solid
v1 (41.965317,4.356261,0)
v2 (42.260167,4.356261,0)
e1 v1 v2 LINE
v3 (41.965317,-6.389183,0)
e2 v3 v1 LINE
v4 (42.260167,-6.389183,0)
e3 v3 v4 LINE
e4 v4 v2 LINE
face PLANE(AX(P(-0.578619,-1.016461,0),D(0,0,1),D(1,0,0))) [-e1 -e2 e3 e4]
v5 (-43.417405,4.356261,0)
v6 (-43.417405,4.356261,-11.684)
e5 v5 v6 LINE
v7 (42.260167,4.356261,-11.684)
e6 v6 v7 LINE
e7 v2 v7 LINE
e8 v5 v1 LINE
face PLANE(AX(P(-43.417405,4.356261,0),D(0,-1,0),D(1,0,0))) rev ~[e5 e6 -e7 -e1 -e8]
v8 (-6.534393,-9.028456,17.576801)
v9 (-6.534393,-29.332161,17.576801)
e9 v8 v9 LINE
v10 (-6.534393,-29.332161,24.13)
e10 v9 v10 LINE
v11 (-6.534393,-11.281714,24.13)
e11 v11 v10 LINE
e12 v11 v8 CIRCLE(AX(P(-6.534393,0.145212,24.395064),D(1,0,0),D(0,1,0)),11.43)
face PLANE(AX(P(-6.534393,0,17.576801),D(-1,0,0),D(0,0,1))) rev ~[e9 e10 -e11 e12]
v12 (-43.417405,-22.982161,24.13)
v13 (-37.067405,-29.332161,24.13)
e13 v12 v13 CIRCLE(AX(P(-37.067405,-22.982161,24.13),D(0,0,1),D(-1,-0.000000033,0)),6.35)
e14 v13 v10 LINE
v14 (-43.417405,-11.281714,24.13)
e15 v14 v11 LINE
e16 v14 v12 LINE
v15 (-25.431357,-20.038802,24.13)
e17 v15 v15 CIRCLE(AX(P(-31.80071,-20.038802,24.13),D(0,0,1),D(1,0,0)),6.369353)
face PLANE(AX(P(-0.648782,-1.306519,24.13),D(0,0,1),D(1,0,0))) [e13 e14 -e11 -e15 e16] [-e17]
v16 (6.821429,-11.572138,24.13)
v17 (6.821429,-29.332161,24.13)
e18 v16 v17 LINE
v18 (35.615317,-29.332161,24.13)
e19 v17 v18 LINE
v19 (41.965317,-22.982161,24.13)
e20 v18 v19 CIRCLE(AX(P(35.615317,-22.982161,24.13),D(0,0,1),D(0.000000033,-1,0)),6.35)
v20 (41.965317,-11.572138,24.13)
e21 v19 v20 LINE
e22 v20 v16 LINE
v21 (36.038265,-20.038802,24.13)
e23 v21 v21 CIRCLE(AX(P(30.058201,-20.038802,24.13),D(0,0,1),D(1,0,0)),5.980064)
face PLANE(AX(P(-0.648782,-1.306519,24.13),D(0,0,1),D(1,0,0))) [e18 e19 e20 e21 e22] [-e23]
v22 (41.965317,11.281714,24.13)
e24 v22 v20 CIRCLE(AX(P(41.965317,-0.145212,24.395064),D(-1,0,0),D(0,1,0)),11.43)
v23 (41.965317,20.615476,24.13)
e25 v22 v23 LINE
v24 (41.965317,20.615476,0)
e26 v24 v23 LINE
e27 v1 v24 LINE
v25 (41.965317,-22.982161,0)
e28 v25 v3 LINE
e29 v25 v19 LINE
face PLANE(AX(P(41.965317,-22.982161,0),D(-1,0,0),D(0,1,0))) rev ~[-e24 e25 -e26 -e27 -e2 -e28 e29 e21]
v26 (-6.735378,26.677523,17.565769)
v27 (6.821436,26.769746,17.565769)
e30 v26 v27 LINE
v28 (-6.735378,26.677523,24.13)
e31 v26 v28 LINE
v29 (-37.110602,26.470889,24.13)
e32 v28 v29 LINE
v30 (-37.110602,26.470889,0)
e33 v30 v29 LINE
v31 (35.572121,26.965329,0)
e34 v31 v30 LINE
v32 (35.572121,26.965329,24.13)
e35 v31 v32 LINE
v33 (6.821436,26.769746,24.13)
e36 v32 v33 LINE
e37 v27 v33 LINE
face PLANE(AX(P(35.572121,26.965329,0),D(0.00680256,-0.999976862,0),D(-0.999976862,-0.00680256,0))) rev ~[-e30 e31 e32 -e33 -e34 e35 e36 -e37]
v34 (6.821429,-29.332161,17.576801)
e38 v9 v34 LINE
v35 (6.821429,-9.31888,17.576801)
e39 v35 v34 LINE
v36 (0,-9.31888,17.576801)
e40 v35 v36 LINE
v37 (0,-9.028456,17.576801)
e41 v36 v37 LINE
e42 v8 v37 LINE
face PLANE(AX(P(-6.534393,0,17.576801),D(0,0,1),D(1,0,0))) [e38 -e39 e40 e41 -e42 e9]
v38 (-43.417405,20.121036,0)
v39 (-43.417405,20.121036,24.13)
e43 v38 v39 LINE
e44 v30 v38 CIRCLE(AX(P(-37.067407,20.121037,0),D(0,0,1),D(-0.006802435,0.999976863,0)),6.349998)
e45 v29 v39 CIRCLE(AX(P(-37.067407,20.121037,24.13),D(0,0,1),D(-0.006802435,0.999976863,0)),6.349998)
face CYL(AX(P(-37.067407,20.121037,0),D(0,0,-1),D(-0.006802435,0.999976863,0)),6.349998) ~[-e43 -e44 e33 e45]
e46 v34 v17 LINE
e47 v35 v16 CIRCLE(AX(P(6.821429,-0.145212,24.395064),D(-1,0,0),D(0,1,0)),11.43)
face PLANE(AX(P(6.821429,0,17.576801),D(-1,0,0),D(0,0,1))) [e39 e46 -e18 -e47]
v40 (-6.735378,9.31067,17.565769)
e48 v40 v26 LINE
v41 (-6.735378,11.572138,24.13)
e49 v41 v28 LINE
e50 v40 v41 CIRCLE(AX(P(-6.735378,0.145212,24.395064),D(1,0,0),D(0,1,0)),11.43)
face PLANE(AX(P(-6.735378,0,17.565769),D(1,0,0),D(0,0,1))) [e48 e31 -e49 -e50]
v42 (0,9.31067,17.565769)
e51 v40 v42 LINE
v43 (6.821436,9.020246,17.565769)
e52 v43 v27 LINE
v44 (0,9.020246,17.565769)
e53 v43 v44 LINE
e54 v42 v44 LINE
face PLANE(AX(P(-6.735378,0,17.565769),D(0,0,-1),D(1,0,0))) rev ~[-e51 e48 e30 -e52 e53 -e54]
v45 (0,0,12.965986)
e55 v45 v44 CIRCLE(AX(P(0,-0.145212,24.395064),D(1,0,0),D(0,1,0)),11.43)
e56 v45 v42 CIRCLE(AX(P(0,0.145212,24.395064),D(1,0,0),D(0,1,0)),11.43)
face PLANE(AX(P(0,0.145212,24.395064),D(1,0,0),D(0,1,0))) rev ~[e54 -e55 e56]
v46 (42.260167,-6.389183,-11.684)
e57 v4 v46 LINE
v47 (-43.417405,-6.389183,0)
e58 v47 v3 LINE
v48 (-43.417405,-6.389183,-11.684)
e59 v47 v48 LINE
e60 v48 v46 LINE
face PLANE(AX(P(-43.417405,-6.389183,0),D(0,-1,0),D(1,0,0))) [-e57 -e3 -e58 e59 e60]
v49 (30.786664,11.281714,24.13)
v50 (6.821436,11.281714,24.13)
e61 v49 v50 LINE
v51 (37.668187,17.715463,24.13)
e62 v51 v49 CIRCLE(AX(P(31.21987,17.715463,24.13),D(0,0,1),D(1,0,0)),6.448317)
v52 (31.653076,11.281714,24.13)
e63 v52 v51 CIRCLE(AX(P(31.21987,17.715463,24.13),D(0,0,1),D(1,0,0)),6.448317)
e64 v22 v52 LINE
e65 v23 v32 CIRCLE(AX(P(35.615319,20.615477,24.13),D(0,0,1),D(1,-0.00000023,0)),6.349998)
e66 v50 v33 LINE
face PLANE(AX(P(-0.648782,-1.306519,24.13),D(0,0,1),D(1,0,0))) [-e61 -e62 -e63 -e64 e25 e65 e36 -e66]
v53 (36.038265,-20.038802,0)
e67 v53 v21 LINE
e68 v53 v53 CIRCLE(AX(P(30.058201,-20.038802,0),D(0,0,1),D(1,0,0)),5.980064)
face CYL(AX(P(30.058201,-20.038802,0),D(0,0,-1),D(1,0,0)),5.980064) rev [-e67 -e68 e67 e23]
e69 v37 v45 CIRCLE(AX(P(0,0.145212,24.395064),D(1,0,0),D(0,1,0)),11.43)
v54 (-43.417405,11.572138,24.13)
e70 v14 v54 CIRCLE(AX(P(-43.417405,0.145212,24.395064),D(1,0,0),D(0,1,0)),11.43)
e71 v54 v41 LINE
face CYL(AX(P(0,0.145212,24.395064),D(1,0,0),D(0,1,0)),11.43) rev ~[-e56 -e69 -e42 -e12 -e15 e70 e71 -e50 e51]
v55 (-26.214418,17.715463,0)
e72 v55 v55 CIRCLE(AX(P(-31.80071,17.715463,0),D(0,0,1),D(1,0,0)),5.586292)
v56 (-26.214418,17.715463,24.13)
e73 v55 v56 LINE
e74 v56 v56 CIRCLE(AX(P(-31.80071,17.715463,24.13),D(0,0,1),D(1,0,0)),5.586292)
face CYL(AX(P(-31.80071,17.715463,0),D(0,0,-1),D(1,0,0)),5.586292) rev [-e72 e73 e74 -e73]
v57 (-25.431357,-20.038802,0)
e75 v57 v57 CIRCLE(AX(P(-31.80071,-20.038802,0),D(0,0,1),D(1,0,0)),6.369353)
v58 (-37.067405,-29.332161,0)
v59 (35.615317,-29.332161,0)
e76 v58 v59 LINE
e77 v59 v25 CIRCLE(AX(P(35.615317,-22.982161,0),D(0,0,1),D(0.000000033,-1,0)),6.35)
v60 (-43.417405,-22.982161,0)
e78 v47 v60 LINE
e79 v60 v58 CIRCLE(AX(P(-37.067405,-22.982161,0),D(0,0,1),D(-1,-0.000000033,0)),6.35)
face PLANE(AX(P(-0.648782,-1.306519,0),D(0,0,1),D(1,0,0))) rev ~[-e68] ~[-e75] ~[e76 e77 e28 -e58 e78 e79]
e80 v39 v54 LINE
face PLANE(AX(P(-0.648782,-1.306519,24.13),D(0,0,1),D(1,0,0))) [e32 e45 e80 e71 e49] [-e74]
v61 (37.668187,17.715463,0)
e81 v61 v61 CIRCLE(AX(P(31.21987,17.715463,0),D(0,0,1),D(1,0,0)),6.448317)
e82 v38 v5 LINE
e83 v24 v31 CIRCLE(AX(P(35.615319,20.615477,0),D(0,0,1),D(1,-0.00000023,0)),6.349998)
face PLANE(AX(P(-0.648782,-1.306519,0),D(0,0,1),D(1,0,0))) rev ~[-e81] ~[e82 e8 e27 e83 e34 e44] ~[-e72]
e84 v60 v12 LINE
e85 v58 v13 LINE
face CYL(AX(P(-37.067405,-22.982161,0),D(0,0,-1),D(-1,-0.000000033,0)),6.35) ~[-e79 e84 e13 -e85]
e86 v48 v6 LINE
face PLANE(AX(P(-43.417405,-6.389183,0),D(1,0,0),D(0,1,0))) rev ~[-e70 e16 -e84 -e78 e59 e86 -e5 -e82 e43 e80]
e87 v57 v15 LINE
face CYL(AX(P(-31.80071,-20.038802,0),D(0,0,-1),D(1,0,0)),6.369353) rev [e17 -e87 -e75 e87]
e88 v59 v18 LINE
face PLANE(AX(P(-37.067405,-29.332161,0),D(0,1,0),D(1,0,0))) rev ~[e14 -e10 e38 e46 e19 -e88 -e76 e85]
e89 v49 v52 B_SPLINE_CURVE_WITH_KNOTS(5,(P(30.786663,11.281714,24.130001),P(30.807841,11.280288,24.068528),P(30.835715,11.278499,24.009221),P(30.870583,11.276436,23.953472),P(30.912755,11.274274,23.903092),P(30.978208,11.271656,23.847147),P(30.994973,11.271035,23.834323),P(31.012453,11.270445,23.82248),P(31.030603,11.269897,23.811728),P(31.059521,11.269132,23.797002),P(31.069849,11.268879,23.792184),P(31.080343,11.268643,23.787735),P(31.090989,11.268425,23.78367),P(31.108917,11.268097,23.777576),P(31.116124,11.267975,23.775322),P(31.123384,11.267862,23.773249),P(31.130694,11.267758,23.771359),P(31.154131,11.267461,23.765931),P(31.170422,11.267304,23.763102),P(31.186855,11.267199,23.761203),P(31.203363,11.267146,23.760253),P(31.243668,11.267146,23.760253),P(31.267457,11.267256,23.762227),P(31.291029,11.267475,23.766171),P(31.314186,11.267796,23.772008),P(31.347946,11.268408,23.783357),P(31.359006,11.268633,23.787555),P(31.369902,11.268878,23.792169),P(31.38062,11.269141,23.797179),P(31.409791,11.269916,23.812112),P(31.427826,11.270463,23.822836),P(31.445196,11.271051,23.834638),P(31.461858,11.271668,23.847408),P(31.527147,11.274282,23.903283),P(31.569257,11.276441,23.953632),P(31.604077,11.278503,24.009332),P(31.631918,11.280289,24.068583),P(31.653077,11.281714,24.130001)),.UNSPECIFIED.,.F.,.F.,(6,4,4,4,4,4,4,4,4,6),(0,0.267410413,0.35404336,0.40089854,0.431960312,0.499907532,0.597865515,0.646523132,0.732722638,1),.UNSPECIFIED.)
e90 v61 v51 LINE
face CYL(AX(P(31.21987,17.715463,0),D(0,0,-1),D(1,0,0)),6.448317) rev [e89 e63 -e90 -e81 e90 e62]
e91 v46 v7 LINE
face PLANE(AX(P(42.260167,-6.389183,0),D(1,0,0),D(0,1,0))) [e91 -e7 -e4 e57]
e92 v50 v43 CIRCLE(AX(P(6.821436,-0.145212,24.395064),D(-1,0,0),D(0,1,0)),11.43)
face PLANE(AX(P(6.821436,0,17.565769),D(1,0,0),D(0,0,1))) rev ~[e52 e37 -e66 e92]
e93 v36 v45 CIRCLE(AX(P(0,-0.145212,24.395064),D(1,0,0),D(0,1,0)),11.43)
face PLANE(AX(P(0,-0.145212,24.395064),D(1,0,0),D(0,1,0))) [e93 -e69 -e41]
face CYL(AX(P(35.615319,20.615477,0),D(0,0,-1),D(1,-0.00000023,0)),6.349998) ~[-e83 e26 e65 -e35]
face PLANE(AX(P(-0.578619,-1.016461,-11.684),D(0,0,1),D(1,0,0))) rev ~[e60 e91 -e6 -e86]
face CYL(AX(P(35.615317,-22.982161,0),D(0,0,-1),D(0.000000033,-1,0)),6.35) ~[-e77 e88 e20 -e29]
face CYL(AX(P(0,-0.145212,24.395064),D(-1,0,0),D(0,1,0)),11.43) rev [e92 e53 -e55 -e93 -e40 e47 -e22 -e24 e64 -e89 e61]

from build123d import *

# Parameters (mm, degrees)
F0_R      = 6.369353
F0_R_2    = 5.980064
F0_R_3    = 5.586292
F0_R_4    = 6.448317
F1_DEPTH  = 24.13
F2_W      = 13.556814
F2_H      = 8.429615
F3_DEPTH  = 37.846
F4_W      = 13.355822
F4_H      = 12.236101
F5_DEPTH  = 46.736
F6_R      = 11.43
F7_DEPTH  = 53.594
F8_R      = 11.43
F9_DEPTH  = 57.404
F10_W     = 85.677572
F10_H     = 10.745444
F11_DEPTH = 11.684


with BuildPart() as f1:
    # F0 (on Top) → F1 (new body)
    with BuildSketch(Plane.XY):
        with BuildLine():
            ThreePointArc((-37.110602, 26.470889), (-41.57278, 24.595866), (-43.417405, 20.121036))
            Line((-43.417405, 20.121036), (-43.417405, -22.982161))
            ThreePointArc((-43.417405, -22.982161), (-41.557533, -27.472289), (-37.067405, -29.332161))
            Line((-37.067405, -29.332161), (35.615317, -29.332161))
            ThreePointArc((35.615317, -29.332161), (40.105445, -27.472289), (41.965317, -22.982161))
            Line((41.965317, -22.982161), (41.965317, 20.615476))
            ThreePointArc((41.965317, 20.615476), (40.090147, 25.120851), (35.572121, 26.965329))
            Line((35.572121, 26.965329), (-37.110602, 26.470889))
        make_face()
        with Locations((-31.80071, -20.038802)):
            Circle(F0_R, mode=Mode.SUBTRACT)
        with Locations((30.058201, -20.038802)):
            Circle(F0_R_2, mode=Mode.SUBTRACT)
        with Locations((-31.80071, 17.715463)):
            Circle(F0_R_3, mode=Mode.SUBTRACT)
        with Locations((31.21987, 17.715463)):
            Circle(F0_R_4, mode=Mode.SUBTRACT)
    extrude(amount=F1_DEPTH)

    # F2 (on Front) → F3 (cut)
    with BuildSketch(Plane.XZ):
        with Locations((0.043029, 21.780576)):
            Rectangle(F2_W, F2_H)
    extrude(amount=-F3_DEPTH, mode=Mode.SUBTRACT)

    # F4 (on Front) → F5 (cut)
    with BuildSketch(Plane.XZ):
        with Locations((0.143518, 23.694851)):
            Rectangle(F4_W, F4_H)
    extrude(amount=F5_DEPTH, mode=Mode.SUBTRACT)

    # F6 (on Right) → F7 (cut)
    with BuildSketch(Plane.YZ):
        with Locations((0.145212, 24.395064)):
            Circle(F6_R)
    extrude(amount=-F7_DEPTH, mode=Mode.SUBTRACT)

    # F8 (on Right) → F9 (cut)
    with BuildSketch(Plane.YZ):
        with Locations((-0.145212, 24.395064)):
            Circle(F8_R)
    extrude(amount=F9_DEPTH, mode=Mode.SUBTRACT)

    # F10 (on Top) → F11 (join)
    with BuildSketch(Plane.XY):
        with Locations((-0.578619, -1.016461)):
            Rectangle(F10_W, F10_H)
    extrude(amount=-F11_DEPTH)


solid = f1.part
